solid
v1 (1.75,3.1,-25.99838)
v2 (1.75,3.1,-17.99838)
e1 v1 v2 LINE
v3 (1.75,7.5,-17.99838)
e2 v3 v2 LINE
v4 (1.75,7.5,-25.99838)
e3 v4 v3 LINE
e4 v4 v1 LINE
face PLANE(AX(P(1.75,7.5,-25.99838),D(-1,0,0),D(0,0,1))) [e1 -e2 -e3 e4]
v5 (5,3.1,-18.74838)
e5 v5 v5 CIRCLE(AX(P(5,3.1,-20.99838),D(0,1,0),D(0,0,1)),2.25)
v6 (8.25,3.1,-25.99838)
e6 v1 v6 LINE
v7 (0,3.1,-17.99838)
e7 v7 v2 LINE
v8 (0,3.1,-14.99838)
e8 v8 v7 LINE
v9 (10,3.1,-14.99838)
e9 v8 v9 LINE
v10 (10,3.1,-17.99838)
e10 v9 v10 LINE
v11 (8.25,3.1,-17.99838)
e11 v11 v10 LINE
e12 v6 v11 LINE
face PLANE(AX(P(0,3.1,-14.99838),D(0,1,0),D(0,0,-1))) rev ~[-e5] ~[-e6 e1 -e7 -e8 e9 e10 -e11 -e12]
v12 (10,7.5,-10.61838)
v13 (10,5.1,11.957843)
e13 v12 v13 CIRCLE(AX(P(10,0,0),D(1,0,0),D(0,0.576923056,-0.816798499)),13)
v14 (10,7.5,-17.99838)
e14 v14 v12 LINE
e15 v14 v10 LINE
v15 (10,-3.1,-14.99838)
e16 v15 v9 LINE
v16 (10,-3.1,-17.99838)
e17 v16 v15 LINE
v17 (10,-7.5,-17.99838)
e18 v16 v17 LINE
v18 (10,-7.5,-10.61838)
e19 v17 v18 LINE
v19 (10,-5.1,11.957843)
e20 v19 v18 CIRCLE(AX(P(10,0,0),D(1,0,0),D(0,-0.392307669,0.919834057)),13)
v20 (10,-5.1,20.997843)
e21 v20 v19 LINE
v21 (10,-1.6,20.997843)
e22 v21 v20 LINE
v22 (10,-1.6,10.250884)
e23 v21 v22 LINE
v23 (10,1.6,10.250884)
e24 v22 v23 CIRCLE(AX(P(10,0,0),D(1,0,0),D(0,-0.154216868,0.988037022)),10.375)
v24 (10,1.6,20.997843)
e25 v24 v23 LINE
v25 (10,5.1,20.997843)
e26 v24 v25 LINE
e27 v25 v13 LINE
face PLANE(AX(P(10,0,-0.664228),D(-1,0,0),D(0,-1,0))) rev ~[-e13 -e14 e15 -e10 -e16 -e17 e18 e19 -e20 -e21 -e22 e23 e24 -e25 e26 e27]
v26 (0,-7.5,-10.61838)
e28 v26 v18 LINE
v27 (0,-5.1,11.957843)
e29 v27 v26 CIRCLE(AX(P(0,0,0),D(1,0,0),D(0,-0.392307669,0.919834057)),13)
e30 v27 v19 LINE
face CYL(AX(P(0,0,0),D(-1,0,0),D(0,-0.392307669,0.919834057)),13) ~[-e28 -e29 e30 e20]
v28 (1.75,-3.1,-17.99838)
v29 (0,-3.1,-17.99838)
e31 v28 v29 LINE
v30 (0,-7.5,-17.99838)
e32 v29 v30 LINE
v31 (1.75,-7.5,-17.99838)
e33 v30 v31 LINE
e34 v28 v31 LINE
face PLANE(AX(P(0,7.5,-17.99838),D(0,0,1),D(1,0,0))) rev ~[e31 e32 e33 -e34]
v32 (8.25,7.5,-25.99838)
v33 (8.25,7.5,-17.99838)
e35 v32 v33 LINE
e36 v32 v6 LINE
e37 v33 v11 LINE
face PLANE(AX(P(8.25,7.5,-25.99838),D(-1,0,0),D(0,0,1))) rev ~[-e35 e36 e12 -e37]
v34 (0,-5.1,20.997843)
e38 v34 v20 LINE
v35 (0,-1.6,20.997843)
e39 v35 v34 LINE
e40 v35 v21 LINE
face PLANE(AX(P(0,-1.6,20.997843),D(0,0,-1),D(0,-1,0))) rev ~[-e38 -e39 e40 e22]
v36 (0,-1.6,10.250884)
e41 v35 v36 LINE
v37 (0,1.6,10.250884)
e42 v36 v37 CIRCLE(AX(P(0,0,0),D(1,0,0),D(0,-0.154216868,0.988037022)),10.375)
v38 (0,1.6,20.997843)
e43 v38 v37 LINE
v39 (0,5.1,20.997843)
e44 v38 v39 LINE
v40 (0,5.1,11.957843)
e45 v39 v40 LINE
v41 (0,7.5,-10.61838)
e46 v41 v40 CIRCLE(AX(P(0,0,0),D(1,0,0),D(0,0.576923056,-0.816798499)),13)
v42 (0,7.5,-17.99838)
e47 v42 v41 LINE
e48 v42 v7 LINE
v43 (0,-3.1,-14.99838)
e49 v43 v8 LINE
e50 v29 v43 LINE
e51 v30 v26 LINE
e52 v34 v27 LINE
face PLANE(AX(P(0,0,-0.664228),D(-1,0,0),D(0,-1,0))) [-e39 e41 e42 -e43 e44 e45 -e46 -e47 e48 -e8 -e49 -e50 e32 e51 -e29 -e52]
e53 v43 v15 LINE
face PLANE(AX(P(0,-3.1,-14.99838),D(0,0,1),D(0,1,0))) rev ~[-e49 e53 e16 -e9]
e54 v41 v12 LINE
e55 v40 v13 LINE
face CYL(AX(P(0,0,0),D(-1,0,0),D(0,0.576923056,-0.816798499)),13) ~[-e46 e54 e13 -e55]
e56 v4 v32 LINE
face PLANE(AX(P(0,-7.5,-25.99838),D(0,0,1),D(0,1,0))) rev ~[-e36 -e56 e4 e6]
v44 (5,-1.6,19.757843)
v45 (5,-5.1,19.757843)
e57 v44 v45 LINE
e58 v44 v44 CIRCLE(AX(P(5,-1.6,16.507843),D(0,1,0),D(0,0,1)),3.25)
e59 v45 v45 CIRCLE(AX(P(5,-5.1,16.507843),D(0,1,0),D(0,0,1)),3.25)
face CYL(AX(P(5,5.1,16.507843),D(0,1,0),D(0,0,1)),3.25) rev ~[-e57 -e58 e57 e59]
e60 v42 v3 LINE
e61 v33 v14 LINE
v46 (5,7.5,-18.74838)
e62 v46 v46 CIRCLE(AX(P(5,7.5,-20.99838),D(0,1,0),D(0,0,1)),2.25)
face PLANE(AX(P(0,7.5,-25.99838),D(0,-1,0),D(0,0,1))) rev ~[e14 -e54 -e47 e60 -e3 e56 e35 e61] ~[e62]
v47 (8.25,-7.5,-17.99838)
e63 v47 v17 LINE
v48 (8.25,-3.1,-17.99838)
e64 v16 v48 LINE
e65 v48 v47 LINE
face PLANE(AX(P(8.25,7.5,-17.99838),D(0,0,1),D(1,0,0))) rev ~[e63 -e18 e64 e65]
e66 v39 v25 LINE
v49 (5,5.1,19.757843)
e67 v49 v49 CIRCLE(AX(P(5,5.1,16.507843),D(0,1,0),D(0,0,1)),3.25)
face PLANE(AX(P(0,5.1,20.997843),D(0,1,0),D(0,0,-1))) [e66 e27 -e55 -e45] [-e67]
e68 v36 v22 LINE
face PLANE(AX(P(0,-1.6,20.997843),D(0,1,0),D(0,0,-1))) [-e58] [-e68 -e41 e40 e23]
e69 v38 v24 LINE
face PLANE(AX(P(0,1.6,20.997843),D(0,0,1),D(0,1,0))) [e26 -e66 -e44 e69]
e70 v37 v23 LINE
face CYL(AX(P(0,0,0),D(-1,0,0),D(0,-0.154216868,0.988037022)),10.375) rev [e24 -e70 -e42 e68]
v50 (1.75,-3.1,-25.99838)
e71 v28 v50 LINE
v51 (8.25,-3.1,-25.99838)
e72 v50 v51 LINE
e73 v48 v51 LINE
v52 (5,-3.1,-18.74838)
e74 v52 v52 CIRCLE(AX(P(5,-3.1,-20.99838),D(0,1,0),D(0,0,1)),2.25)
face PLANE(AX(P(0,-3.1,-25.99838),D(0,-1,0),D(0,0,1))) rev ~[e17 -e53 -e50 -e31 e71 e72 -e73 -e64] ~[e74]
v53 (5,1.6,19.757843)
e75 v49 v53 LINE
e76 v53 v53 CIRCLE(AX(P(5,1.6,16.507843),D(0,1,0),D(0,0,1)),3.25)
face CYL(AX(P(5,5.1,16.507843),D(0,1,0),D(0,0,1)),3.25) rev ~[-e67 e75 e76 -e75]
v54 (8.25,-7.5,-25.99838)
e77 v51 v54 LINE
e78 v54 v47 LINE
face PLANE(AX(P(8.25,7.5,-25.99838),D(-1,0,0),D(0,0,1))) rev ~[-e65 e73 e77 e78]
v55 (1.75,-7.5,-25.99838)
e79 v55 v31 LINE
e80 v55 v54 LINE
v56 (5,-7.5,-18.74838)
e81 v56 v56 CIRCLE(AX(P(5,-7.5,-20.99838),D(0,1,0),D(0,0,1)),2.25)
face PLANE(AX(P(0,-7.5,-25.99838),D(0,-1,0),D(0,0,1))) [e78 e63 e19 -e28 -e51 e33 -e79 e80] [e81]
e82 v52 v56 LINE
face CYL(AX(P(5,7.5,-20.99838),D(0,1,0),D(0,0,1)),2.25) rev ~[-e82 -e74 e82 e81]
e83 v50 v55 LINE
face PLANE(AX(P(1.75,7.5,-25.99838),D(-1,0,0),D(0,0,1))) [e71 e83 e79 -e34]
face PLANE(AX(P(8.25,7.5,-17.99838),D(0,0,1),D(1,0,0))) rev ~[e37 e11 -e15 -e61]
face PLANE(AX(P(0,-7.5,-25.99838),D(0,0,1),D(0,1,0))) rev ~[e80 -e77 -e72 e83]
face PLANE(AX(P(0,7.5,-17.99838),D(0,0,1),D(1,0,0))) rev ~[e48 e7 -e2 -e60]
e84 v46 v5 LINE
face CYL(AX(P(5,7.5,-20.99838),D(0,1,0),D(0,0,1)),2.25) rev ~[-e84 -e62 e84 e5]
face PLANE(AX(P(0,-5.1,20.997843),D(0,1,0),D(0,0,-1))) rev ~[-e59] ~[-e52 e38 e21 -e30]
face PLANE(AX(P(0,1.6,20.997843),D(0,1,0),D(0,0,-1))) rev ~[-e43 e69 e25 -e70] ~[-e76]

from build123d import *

# Parameters (mm, degrees)
PAD_DEPTH       = 10
POCKET_DEPTH    = 10
SKETCH004_R     = 3.25
POCKET002_DEPTH = 15
SKETCH005_R     = 2.25
POCKET003_DEPTH = 15
SKETCH006_W     = 8
SKETCH006_H     = 1.75
POCKET004_DEPTH = 15


with BuildPart() as part:
    # Sketch → Pad (new body)
    with BuildSketch(Plane.YZ):
        with BuildLine():
            ThreePointArc((-1.6, 10.250884), (0, -10.375), (1.6, 10.250884))
            Line((1.6, 20.997843), (1.6, 10.250884))
            Line((1.6, 20.997843), (5.1, 20.997843))
            Line((5.1, 20.997843), (5.1, 11.957843))
            ThreePointArc((7.5, -10.61838), (12.92716, 1.374242), (5.1, 11.957843))
            Line((7.5, -25.99838), (7.5, -10.61838))
            Line((-7.5, -25.99838), (7.5, -25.99838))
            Line((-7.5, -25.99838), (-7.5, -10.61838))
            ThreePointArc((-5.1, 11.957843), (-12.92716, 1.374242), (-7.5, -10.61838))
            Line((-5.1, 20.997843), (-5.1, 11.957843))
            Line((-1.6, 20.997843), (-5.1, 20.997843))
            Line((-1.6, 20.997843), (-1.6, 10.250884))
        make_face()
    extrude(amount=PAD_DEPTH)

    # Sketch003 → Pocket (cut)
    with BuildSketch(Plane(origin=(0, 0, 0), x_dir=(0, 1, 0), z_dir=(-1, 0, 0))):
        Polygon((0, 25.99838), (-3.1, 25.99838), (-3.1, 14.99838), (0, 14.99838), (3.1, 14.99838), (3.1, 25.99838), align=None)
    extrude(amount=-POCKET_DEPTH, mode=Mode.SUBTRACT)

    # Sketch004 (on Face9 of Pocket) → Pocket002 (cut)
    with BuildSketch(Plane.ZX.offset(5.1)):
        with Locations((16.507843, 5)):
            Circle(SKETCH004_R)
    extrude(amount=-POCKET002_DEPTH, mode=Mode.SUBTRACT)

    # Sketch005 (on Face12 of Pocket002) → Pocket003 (cut)
    with BuildSketch(Plane.ZX.offset(7.5)):
        with Locations((-20.99838, 5)):
            Circle(SKETCH005_R)
    extrude(amount=-POCKET003_DEPTH, mode=Mode.SUBTRACT)

    # Sketch006 (on Face12 of Pocket003) → Pocket004 (cut)
    with BuildSketch(Plane.ZX.offset(7.5)):
        with Locations((-21.99838, 9.125)):
            Rectangle(SKETCH006_W, SKETCH006_H)
        with Locations((-21.99838, 0.875)):
            Rectangle(SKETCH006_W, SKETCH006_H)
    extrude(amount=-POCKET004_DEPTH, mode=Mode.SUBTRACT)


solid = part.part
